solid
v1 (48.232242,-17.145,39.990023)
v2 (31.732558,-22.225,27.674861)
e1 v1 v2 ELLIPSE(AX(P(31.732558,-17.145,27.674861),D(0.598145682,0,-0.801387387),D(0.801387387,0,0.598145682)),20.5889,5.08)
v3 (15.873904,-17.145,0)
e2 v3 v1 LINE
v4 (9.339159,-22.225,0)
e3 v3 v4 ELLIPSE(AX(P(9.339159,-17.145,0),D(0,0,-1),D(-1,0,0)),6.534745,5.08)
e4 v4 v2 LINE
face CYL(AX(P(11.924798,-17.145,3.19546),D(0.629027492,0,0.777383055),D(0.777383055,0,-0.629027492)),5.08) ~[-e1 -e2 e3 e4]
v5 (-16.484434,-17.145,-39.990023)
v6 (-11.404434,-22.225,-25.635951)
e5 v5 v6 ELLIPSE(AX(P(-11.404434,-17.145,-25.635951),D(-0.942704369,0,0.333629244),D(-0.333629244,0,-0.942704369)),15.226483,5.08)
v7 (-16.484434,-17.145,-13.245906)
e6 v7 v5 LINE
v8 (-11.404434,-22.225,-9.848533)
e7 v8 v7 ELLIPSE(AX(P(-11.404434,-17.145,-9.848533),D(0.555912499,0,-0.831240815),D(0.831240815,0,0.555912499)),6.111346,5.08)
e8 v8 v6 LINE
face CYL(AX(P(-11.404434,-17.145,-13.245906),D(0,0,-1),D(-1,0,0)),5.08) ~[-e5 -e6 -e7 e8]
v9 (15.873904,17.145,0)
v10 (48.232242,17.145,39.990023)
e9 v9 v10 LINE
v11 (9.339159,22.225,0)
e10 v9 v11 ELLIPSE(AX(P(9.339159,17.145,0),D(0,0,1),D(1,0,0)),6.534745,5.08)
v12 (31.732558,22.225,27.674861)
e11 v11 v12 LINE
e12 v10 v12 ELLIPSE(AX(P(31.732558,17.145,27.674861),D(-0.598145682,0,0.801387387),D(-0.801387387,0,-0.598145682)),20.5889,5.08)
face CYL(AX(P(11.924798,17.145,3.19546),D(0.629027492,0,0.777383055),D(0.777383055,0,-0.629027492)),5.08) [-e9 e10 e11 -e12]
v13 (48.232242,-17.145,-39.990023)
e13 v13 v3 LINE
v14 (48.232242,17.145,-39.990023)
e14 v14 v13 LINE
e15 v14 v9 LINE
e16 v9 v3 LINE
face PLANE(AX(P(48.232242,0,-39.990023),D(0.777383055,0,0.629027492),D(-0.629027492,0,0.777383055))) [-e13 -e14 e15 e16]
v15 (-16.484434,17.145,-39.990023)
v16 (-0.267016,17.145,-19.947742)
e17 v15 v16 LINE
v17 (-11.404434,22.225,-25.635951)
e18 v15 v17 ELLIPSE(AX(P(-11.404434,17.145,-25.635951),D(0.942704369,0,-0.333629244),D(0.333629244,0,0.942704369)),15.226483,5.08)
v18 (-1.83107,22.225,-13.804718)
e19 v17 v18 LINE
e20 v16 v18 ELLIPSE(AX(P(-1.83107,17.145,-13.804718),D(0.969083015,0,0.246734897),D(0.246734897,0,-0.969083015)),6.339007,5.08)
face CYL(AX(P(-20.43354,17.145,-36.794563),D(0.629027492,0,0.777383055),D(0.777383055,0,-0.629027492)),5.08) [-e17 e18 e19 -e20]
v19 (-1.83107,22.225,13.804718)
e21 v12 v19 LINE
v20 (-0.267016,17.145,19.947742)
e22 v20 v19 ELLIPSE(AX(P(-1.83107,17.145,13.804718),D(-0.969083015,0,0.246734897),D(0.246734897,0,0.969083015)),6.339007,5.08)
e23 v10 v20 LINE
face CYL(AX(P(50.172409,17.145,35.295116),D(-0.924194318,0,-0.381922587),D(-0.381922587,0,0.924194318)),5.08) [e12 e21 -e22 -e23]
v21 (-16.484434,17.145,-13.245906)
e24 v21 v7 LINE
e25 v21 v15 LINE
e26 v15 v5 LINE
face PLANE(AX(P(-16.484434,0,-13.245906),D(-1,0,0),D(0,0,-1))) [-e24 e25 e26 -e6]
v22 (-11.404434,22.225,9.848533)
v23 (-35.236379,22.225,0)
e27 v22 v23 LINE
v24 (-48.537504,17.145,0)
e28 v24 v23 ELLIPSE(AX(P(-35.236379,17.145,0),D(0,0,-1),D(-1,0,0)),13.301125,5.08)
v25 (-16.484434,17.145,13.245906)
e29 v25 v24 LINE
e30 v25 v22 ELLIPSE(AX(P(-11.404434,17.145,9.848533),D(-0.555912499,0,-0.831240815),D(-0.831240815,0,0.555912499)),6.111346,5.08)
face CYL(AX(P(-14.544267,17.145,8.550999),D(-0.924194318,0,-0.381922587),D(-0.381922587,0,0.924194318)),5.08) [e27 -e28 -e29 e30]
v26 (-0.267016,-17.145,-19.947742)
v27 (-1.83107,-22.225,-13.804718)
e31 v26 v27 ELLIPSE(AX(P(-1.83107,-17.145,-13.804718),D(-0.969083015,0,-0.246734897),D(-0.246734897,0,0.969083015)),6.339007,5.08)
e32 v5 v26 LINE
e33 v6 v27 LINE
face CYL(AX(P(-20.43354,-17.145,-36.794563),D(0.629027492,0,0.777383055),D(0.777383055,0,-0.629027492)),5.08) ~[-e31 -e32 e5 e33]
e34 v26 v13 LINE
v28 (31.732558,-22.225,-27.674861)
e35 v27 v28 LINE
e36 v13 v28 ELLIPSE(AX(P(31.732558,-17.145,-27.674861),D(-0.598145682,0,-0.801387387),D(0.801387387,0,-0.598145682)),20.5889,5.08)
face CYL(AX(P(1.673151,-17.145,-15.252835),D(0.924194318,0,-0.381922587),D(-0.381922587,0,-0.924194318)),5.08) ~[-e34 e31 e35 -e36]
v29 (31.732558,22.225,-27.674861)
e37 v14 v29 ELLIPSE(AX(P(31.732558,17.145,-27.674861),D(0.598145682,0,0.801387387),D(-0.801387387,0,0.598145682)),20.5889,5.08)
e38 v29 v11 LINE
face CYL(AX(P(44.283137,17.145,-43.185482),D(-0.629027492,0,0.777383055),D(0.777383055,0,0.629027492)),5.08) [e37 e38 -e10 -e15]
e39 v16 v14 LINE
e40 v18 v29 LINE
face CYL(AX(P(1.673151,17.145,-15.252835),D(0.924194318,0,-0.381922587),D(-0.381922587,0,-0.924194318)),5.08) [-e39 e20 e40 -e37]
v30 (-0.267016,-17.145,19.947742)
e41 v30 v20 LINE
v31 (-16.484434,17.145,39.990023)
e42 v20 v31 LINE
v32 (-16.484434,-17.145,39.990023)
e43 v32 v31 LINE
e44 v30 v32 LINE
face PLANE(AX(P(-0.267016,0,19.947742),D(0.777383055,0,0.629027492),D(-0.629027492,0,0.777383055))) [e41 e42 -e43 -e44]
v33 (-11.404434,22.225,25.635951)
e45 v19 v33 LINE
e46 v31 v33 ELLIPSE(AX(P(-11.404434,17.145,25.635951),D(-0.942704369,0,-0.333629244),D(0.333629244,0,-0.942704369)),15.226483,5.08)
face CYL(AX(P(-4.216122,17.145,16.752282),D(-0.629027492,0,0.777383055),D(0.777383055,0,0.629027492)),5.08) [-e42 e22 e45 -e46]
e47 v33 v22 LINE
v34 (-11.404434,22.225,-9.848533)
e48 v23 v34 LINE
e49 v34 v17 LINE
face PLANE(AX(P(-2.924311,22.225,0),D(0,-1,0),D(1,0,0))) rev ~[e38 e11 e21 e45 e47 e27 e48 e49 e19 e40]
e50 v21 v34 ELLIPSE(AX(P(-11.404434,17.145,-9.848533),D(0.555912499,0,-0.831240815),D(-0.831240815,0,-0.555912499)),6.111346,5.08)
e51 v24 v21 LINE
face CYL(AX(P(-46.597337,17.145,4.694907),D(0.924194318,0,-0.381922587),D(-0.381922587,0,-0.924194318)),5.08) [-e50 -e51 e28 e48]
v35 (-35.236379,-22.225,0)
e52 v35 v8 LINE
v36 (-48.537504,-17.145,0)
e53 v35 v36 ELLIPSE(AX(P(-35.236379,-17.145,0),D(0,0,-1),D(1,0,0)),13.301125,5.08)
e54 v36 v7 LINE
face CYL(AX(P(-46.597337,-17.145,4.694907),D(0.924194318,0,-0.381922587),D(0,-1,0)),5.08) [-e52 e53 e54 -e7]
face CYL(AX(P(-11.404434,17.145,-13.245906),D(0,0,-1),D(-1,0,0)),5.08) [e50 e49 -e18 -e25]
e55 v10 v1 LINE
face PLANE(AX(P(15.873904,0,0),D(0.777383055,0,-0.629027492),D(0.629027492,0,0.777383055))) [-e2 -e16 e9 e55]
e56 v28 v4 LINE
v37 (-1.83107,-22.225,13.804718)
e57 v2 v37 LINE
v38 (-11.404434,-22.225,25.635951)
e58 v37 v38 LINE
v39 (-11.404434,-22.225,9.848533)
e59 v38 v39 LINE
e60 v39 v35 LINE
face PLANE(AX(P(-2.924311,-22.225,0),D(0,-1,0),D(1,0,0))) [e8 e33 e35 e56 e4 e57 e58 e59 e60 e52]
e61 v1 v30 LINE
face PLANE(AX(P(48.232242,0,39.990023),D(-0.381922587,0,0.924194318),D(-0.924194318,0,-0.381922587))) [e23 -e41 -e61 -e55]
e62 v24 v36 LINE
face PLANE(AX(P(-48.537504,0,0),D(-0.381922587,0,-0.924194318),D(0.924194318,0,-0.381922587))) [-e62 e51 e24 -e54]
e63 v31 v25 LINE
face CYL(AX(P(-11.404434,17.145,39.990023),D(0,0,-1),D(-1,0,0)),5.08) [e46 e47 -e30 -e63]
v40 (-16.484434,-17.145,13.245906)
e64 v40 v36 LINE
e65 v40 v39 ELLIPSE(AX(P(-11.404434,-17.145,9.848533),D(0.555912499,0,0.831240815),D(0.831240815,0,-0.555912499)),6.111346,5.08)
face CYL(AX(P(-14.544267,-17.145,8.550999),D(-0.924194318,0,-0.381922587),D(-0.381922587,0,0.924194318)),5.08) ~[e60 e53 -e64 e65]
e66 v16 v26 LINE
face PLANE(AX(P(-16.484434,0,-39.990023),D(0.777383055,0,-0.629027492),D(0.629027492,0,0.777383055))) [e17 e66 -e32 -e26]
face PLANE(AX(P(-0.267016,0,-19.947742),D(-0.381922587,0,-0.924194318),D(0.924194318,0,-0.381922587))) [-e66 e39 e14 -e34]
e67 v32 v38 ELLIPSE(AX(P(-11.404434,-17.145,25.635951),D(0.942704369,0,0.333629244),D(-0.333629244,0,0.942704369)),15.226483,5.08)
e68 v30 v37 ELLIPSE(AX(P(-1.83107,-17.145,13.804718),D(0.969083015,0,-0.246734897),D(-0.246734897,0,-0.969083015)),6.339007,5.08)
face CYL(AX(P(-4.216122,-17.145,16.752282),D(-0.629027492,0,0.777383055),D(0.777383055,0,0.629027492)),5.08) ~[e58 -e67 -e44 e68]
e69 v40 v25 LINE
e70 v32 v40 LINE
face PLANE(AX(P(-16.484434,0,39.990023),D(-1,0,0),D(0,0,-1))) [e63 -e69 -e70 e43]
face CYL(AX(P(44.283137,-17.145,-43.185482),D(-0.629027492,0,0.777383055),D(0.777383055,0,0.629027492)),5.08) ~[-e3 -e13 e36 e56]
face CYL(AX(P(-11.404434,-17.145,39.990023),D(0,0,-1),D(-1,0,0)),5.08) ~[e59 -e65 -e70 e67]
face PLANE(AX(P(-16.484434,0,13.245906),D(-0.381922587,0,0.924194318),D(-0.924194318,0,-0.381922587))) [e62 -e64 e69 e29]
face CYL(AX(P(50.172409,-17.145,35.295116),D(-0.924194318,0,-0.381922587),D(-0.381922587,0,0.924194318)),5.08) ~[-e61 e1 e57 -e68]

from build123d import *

# Parameters (mm, degrees)
F1_DEPTH = 22.225
F2_R     = 5.08


with BuildPart() as f1:
    # F0 (on Front) → F1 (new body, symmetric)
    with BuildSketch(Plane.XZ):
        Polygon((-0.2670160154, 19.9477417592), (-16.4844337851, 13.2459064213), (-16.4844337851, -13.2459064213), (-0.2670160154, -19.9477417592), (15.87390434, 0), align=None)
        Polygon((-16.4844337851, 13.2459064213), (-48.5375039279, 0), (-16.4844337851, -13.2459064213), align=None)
        Polygon((-16.4844337851, 39.9900227785), (-16.4844337851, 13.2459064213), (-0.2670160154, 19.9477417592), align=None)
        Polygon((48.232242465, 39.9900227785), (-0.2670160154, 19.9477417592), (15.87390434, 0), align=None)
        Polygon((15.87390434, 0), (-0.2670160154, -19.9477417592), (48.232242465, -39.9900227785), align=None)
        Polygon((-0.2670160154, -19.9477417592), (-16.4844337851, -13.2459064213), (-16.4844337851, -39.9900227785), align=None)
    extrude(amount=F1_DEPTH, both=True)

    # F2
    f2_edges = [f1.edges().sort_by_distance(p)[0] for p in [
        (-32.510969, -22.225, -6.622953),
        (-16.484434, -22.225, -26.617965),
        (-8.375725, -22.225, -29.968882),
        (23.982613, -22.225, -29.968882),
        (32.053073, -22.225, -19.995011),
        (32.053073, -22.225, 19.995011),
        (23.982613, -22.225, 29.968882),
        (-8.375725, -22.225, 29.968882),
        (-16.484434, -22.225, 26.617965),
        (-32.510969, -22.225, 6.622953),
        (-32.510969, 22.225, 6.622953),
        (-16.484434, 22.225, 26.617965),
        (-8.375725, 22.225, 29.968882),
        (23.982613, 22.225, 29.968882),
        (32.053073, 22.225, 19.995011),
        (32.053073, 22.225, -19.995011),
        (23.982613, 22.225, -29.968882),
        (-8.375725, 22.225, -29.968882),
        (-16.484434, 22.225, -26.617965),
        (-32.510969, 22.225, -6.622953),
    ]]
    fillet(f2_edges, radius=F2_R)


solid = f1.part
